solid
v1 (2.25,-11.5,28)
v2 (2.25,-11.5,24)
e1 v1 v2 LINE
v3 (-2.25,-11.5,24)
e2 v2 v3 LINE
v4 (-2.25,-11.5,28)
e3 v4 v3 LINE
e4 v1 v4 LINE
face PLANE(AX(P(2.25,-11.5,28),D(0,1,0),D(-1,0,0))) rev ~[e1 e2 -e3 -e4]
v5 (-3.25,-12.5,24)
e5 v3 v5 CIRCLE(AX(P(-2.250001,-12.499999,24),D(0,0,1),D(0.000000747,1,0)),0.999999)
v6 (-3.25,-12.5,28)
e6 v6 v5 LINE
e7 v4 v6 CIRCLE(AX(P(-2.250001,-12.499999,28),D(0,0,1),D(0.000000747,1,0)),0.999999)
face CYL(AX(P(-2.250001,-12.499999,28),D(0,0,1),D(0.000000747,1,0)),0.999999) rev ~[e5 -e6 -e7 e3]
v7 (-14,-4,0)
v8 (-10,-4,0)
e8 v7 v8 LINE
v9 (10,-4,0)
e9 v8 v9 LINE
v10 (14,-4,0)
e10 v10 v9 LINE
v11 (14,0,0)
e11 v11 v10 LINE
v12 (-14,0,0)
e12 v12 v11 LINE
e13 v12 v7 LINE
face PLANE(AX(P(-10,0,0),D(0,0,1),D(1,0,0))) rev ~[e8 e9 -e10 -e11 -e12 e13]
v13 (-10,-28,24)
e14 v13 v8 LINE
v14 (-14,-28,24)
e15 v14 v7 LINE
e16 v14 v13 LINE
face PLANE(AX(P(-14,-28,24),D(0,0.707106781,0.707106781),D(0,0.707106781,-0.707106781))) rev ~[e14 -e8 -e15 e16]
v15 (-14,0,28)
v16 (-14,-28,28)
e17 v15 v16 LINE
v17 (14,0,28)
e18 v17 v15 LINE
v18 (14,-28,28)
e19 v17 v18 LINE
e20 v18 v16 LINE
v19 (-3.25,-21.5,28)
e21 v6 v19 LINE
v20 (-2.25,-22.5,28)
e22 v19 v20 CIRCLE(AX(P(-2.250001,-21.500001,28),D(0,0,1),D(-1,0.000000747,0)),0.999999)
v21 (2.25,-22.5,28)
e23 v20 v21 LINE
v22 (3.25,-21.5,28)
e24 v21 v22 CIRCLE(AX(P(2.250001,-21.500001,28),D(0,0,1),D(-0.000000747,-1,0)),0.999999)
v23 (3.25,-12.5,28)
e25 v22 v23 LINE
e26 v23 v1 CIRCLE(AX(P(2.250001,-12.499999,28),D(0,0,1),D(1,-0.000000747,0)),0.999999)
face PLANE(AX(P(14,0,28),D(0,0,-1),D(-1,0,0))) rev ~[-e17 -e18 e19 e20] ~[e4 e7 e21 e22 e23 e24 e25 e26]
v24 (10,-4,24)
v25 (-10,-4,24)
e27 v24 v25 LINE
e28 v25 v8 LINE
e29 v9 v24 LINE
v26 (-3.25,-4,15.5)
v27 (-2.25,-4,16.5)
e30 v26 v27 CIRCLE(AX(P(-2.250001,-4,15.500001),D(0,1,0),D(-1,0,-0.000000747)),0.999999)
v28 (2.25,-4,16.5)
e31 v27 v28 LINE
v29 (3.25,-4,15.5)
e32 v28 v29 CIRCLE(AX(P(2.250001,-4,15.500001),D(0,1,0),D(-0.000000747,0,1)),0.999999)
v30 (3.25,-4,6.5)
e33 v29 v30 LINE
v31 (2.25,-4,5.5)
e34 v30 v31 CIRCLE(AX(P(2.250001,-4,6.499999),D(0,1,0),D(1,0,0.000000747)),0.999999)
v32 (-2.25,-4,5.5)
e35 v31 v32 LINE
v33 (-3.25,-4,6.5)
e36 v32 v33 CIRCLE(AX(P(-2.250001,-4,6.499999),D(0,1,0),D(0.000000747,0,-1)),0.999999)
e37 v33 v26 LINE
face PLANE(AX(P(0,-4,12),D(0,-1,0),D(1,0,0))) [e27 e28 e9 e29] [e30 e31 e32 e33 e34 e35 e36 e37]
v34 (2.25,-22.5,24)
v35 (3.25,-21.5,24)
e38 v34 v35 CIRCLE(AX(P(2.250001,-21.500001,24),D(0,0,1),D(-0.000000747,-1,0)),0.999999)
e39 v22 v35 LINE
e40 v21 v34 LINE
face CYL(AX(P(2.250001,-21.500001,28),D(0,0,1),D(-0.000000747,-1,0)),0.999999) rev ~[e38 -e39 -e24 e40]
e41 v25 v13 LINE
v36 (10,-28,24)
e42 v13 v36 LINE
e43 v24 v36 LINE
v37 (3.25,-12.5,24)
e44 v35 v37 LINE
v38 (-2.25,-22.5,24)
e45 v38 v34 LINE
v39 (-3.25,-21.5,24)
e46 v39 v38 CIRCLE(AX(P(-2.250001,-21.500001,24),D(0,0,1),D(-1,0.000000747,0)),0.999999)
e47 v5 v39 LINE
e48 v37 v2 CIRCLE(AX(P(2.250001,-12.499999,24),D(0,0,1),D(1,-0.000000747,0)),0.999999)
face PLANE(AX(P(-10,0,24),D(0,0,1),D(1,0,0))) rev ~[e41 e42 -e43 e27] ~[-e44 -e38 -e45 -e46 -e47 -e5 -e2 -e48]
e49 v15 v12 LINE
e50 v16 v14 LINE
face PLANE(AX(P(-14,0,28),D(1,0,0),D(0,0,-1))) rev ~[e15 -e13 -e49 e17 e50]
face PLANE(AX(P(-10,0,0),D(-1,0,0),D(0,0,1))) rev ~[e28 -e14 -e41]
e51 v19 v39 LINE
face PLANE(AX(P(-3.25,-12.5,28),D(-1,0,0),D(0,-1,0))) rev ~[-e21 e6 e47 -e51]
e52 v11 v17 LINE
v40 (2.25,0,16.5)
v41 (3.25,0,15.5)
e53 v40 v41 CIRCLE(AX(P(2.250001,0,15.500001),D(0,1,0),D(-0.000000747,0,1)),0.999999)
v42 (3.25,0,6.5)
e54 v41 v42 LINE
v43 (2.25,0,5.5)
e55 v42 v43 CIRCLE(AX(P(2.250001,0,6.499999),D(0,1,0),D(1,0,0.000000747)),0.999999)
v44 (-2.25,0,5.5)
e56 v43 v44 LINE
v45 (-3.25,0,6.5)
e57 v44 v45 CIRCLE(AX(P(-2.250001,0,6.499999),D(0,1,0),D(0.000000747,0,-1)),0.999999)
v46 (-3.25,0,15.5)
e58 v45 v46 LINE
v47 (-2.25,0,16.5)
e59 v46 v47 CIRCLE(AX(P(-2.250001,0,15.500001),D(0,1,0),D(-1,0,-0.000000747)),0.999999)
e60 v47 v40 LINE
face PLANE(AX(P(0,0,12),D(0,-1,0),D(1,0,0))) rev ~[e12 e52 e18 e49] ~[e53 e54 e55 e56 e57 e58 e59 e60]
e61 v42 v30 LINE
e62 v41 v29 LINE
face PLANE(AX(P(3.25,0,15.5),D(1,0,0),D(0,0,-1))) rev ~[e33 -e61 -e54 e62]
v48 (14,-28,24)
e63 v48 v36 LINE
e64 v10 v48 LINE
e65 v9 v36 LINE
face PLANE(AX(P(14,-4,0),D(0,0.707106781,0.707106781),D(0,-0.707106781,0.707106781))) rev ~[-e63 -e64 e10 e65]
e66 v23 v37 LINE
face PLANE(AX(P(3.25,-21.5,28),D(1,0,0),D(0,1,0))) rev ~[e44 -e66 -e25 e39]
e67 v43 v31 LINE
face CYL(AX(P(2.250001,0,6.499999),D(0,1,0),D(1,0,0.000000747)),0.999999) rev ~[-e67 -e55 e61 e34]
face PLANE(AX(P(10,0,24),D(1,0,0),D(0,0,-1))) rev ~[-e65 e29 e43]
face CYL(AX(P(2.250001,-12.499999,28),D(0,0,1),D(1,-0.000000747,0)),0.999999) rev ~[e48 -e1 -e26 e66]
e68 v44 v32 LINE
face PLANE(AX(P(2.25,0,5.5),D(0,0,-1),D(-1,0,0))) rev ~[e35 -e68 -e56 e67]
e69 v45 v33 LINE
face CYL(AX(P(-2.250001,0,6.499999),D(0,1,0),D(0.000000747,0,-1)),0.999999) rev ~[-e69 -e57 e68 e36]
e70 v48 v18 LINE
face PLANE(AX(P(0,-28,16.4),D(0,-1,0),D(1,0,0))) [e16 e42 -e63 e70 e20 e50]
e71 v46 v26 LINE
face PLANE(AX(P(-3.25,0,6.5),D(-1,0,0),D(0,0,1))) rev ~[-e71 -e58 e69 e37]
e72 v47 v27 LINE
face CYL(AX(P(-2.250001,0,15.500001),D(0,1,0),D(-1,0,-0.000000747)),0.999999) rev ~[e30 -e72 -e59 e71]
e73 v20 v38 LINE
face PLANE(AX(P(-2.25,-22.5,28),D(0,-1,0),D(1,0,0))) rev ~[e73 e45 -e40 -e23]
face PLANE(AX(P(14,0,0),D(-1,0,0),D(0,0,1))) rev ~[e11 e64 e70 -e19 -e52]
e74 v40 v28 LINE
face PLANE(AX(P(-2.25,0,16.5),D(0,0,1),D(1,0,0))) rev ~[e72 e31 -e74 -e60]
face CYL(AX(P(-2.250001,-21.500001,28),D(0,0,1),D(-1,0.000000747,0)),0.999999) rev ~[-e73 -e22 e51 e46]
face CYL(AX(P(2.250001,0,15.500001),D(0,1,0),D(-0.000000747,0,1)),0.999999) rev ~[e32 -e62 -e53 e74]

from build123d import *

# Parameters (mm, degrees)
F1_DEPTH = 28
F2_DEPTH = 4
F4_DEPTH = 4
F6_DEPTH = 4
F7_DEPTH = 4
F9_DEPTH = 4


with BuildPart() as f1:
    # F0 (on Front) → F1 (new body)
    with BuildSketch(Plane.XZ):
        Polygon((10, 24), (10, 0), (14, 0), (14, 28), (-14, 28), (-14, 0), (-10, 0), (-10, 24), align=None)
    extrude(amount=F1_DEPTH)

    # F0 (on Front) → F2 (join)
    with BuildSketch(Plane.XZ):
        Polygon((-10, 0), (0, 0), (10, 0), (10, 24), (-10, 24), align=None)
        with BuildLine():
            Line((2.25, 5.5), (0, 5.5))
            Line((0, 5.5), (-2.25, 5.5))
            ThreePointArc((-2.25, 5.5), (-2.957107, 5.792893), (-3.25, 6.5))
            Line((-3.25, 6.5), (-3.25, 15.5))
            ThreePointArc((-3.25, 15.5), (-2.957107, 16.207107), (-2.25, 16.5))
            Line((-2.25, 16.5), (0, 16.5))
            Line((0, 16.5), (2.25, 16.5))
            ThreePointArc((2.25, 16.5), (2.957107, 16.207107), (3.25, 15.5))
            Line((3.25, 15.5), (3.25, 6.5))
            ThreePointArc((3.25, 6.5), (2.957107, 5.792893), (2.25, 5.5))
        make_face(mode=Mode.SUBTRACT)
    extrude(amount=F2_DEPTH)

    # F3 (on face) → F4 (cut)
    with BuildSketch(Plane.YZ.offset(14)):
        Polygon((-4, 0), (-28, 24), (-28, 0), align=None)
    extrude(amount=-F4_DEPTH, mode=Mode.SUBTRACT)

    # F5 (on face) → F6 (cut)
    with BuildSketch(Plane(origin=(-14, 0, 0), x_dir=(0, -1, 0), z_dir=(-1, 0, 0))):
        Polygon((28, 24), (4, 0), (28, 0), align=None)
    extrude(amount=-F6_DEPTH, mode=Mode.SUBTRACT)

    # F0 (on Front) → F7 (cut)
    with BuildSketch(Plane.XZ):
        with BuildLine():
            Line((-2.25, 5.5), (0, 5.5))
            Line((0, 5.5), (2.25, 5.5))
            ThreePointArc((2.25, 5.5), (2.957107, 5.792893), (3.25, 6.5))
            Line((3.25, 6.5), (3.25, 15.5))
            ThreePointArc((3.25, 15.5), (2.957107, 16.207107), (2.25, 16.5))
            Line((2.25, 16.5), (0, 16.5))
            Line((0, 16.5), (-2.25, 16.5))
            ThreePointArc((-2.25, 16.5), (-2.957107, 16.207107), (-3.25, 15.5))
            Line((-3.25, 15.5), (-3.25, 6.5))
            ThreePointArc((-3.25, 6.5), (-2.957107, 5.792893), (-2.25, 5.5))
        make_face()
    extrude(amount=F7_DEPTH, mode=Mode.SUBTRACT)

    # F8 (on face) → F9 (cut)
    with BuildSketch(Plane.XY.offset(28)):
        with BuildLine():
            Line((-3.25, -12.5), (-3.25, -21.5))
            ThreePointArc((-3.25, -21.5), (-2.957107, -22.207107), (-2.25, -22.5))
            Line((-2.25, -22.5), (2.25, -22.5))
            ThreePointArc((2.25, -22.5), (2.957107, -22.207107), (3.25, -21.5))
            Line((3.25, -21.5), (3.25, -12.5))
            ThreePointArc((3.25, -12.5), (2.957107, -11.792893), (2.25, -11.5))
            Line((2.25, -11.5), (-2.25, -11.5))
            ThreePointArc((-2.25, -11.5), (-2.957107, -11.792893), (-3.25, -12.5))
        make_face()
    extrude(amount=-F9_DEPTH, mode=Mode.SUBTRACT)


solid = f1.part
